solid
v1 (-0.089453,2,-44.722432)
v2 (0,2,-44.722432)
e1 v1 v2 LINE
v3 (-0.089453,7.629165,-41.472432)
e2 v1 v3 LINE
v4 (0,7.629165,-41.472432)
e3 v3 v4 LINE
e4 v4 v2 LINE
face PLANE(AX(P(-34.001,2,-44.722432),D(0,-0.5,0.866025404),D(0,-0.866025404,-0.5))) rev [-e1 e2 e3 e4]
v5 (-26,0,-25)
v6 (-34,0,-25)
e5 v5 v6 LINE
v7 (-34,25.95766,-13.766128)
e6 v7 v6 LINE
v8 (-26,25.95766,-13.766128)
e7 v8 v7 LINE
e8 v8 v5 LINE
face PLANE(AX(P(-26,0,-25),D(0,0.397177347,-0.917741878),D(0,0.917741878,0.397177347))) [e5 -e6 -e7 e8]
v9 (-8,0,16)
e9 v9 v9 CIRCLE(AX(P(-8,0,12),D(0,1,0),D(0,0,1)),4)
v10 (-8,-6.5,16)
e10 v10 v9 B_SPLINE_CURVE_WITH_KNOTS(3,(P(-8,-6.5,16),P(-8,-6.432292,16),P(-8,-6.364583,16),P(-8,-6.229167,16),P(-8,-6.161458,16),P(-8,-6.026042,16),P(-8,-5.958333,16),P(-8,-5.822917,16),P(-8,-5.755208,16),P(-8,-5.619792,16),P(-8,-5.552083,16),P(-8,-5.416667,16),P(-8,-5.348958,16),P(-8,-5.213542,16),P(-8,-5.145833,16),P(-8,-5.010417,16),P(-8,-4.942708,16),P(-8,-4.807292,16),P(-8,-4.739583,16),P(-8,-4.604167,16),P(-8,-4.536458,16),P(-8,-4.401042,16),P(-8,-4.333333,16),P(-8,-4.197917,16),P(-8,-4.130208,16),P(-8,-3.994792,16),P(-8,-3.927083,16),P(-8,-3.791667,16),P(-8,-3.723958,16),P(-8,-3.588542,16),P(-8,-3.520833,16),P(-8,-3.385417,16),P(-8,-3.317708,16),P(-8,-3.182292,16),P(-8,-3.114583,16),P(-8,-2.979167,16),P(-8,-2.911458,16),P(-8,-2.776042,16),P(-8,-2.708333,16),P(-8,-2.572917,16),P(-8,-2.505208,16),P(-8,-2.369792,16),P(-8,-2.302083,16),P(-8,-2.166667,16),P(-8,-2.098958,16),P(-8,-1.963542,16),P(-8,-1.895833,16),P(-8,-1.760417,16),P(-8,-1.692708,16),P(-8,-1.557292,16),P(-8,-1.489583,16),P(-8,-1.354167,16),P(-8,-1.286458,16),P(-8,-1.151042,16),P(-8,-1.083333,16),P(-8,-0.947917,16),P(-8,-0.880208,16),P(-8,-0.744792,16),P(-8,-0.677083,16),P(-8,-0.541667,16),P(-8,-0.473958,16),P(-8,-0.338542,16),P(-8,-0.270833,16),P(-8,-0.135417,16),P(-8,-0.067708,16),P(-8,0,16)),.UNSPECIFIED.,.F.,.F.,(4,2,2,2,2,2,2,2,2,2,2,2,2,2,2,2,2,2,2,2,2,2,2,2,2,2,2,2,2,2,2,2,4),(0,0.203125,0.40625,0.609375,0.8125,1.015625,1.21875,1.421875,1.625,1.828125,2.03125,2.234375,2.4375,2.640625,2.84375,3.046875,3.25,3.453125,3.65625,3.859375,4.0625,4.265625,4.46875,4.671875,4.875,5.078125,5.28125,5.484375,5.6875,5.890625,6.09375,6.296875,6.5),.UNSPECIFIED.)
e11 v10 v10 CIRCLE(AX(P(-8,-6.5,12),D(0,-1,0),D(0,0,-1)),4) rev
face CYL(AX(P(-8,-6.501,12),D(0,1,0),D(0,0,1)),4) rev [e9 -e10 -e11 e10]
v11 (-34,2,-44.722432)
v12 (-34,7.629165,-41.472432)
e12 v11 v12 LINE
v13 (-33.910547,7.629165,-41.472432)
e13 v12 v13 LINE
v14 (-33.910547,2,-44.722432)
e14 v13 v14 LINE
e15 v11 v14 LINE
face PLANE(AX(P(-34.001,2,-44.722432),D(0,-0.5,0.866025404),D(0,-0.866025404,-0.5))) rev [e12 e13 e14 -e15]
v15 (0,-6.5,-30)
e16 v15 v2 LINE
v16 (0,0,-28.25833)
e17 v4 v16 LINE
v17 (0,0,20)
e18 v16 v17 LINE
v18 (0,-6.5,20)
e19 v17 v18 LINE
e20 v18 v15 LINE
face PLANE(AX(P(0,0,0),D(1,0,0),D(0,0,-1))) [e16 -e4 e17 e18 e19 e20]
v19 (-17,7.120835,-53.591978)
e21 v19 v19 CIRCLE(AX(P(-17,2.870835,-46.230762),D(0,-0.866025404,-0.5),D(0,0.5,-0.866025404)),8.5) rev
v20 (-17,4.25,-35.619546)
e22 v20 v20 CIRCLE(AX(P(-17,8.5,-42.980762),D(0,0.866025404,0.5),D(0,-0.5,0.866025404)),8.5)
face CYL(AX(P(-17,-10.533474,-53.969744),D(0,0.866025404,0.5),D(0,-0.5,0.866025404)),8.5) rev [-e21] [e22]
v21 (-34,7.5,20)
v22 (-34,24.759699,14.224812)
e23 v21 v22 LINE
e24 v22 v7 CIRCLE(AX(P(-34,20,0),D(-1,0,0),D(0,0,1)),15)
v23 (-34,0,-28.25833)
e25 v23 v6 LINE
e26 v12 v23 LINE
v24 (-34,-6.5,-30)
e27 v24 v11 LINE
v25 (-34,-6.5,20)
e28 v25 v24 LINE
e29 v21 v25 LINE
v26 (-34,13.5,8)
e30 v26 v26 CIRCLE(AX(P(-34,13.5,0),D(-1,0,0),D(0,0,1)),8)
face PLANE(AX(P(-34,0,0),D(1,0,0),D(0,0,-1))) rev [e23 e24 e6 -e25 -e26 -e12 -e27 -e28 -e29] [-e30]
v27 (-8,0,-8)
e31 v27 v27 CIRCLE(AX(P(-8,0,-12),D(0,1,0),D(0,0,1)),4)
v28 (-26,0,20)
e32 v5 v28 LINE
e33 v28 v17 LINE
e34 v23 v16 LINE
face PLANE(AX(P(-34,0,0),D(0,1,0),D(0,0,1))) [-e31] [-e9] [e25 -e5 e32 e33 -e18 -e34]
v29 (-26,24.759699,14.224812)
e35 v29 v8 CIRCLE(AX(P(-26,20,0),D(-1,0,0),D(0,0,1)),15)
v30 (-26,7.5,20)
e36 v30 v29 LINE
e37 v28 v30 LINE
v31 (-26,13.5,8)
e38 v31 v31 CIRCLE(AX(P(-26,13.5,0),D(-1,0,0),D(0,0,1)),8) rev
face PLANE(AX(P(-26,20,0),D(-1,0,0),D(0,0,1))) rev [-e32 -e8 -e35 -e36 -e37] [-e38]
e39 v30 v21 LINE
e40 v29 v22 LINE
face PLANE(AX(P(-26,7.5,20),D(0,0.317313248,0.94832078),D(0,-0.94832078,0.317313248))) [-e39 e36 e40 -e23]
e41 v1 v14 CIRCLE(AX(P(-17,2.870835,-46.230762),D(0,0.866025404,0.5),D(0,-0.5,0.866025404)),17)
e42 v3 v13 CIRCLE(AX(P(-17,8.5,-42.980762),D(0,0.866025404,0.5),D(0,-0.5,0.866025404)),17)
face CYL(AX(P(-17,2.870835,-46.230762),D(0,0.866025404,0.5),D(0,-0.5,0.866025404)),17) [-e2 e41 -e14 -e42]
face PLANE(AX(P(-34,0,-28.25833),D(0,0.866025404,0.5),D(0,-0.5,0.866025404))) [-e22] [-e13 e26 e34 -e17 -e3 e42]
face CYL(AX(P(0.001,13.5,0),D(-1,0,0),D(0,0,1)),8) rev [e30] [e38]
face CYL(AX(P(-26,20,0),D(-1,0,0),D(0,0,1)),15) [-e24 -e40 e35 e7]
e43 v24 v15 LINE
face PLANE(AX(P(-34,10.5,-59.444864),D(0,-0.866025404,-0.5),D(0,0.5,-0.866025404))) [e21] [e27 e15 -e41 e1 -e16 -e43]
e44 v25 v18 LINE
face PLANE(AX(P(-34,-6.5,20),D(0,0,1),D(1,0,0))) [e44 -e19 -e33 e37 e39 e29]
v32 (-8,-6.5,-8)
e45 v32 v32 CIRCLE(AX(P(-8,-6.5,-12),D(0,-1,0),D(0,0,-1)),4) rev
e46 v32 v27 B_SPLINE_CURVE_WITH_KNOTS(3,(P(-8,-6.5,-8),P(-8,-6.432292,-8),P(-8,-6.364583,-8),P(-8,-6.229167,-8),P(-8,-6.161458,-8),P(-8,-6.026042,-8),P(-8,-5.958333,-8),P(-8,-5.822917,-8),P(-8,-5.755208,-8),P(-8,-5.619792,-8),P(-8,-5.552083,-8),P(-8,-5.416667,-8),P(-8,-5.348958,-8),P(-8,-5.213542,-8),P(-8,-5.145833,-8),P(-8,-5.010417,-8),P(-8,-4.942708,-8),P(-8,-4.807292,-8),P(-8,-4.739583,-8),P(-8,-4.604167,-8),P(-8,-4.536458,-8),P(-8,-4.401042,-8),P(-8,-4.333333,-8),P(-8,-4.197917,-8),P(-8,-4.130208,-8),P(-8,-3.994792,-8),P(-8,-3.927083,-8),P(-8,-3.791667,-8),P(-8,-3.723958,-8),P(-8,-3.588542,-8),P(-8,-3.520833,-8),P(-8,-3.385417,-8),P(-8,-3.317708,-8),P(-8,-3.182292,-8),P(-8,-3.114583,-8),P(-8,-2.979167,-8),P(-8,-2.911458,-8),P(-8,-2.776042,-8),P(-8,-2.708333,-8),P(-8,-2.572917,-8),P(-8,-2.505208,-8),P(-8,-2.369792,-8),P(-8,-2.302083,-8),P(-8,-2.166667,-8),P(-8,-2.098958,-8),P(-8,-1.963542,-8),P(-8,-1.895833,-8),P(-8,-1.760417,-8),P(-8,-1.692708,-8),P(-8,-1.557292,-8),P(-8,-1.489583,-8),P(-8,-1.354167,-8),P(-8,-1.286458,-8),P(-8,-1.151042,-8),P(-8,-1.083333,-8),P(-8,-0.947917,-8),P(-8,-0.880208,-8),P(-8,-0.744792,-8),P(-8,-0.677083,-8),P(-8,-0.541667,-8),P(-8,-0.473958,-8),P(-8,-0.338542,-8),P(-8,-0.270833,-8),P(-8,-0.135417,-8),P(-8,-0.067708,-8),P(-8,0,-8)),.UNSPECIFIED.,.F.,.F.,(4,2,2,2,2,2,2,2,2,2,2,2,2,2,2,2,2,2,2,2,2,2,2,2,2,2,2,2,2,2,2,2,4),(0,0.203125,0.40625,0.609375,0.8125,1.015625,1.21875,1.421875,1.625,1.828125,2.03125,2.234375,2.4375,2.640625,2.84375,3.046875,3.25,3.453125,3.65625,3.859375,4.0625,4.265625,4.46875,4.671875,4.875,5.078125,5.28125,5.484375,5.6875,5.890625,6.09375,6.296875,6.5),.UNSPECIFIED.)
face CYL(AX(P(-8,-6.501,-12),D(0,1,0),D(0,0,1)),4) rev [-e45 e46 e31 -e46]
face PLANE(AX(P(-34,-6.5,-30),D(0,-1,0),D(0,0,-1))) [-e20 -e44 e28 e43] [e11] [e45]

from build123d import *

# Parameters (mm, degrees)
EXTRUDE_1_DEPTH     = 34
CUT_EXTRUDE_1_REACH = 72.355
SKETCH_2_R          = 4
EXTRUDE_2_DEPTH     = 8
CUT_EXTRUDE_2_REACH = 78.907
SKETCH_4_R          = 8
CUT_EXTRUDE_3_REACH = 80.3
SKETCH_6_R          = 8.5
CUT_EXTRUDE_4_REACH = 78.907
SKETCH_9_R          = 17
EXTRUDE_5_DEPTH     = 6.5
CUT_EXTRUDE_6_REACH = 81.317
SKETCH_13_R         = 8.5


with BuildPart() as part:
    # 草图1 → 凸台-拉伸1 (new body)
    with BuildSketch(Plane(origin=(0, 0, 0), x_dir=(0, 0, -1), z_dir=(1, 0, 0))):
        Polygon((0, 0), (28.258330249, 0), (56.194863729, 16.129165125), (59.444863729, 10.5), (30, -6.5), (-20, -6.5), (-20, 0), align=None)
    extrude(amount=-EXTRUDE_1_DEPTH)

    # 草图2 → 切除-拉伸1 (cut, up to next)
    with BuildSketch(Plane(origin=(0, 0, 0), x_dir=(1, 0, 0), z_dir=(0, 1, 0)), mode=Mode.PRIVATE) as cut_extrude_1_sk1:
        with Locations(Location((-8, -12, 0), (0, 0, 270))):
            Circle(SKETCH_2_R)
    cut_extrude_1_tool1 = extrude(cut_extrude_1_sk1.sketch, amount=-CUT_EXTRUDE_1_REACH, mode=Mode.PRIVATE) & part.part
    # 草图2 → 切除-拉伸1 (cut, up to next)
    with BuildSketch(Plane(origin=(0, 0, 0), x_dir=(1, 0, 0), z_dir=(0, 1, 0)), mode=Mode.PRIVATE) as cut_extrude_1_sk2:
        with Locations(Location((-8, 12, 0), (0, 0, 270))):
            Circle(SKETCH_2_R)
    cut_extrude_1_tool2 = extrude(cut_extrude_1_sk2.sketch, amount=-CUT_EXTRUDE_1_REACH, mode=Mode.PRIVATE) & part.part
    add(cut_extrude_1_tool1.solids().sort_by_distance((-8, 0, 12))[0], mode=Mode.SUBTRACT)
    add(cut_extrude_1_tool2.solids().sort_by_distance((-8, 0, -12))[0], mode=Mode.SUBTRACT)

    # 草图3 → 凸台-拉伸2 (add)
    with BuildSketch(Plane.ZY.offset(34)):
        with BuildLine():
            Line((-25, 0), (-13.76612817, 25.957660212))
            ThreePointArc((-13.76612817, 25.957660212), (0.641385669, 34.986281207), (14.224811704, 24.759698727))
            Line((14.224811704, 24.759698727), (20, 7.5))
            Line((20, 7.5), (20, 0))
            Line((20, 0), (-25, 0))
        make_face()
    extrude(amount=-EXTRUDE_2_DEPTH)

    # 草图4 → 切除-拉伸2 (cut, up to next)
    with BuildSketch(Plane.ZY.offset(34), mode=Mode.PRIVATE) as cut_extrude_2_sk1:
        with Locations((0, 13.5)):
            Circle(SKETCH_4_R)
    cut_extrude_2_tool1 = extrude(cut_extrude_2_sk1.sketch, amount=-CUT_EXTRUDE_2_REACH, mode=Mode.PRIVATE) & part.part
    add(cut_extrude_2_tool1.solids().sort_by_distance((-34, 13.5, 0))[0], mode=Mode.SUBTRACT)

    # 草图6 → 切除-拉伸3 (cut, up to next)
    with BuildSketch(Plane(origin=(0, -12.236215932, -7.064582562), x_dir=(1, 0, 0), z_dir=(0, 0.8660254037844378, 0.5000000000000017)), mode=Mode.PRIVATE) as cut_extrude_3_sk1:
        with Locations(Location((-17, 41.472431864, 0), (0, 0, 270))):
            Circle(SKETCH_6_R)
    cut_extrude_3_tool1 = extrude(cut_extrude_3_sk1.sketch, amount=-CUT_EXTRUDE_3_REACH, mode=Mode.PRIVATE) & part.part
    add(cut_extrude_3_tool1.solids().sort_by_distance((-17, 8.5, -42.980762))[0], mode=Mode.SUBTRACT)

    # 草图8 → 切除-拉伸4 (cut, up to next)
    with BuildSketch(Plane(origin=(0, 0, 0), x_dir=(0, 0, -1), z_dir=(1, 0, 0)), mode=Mode.PRIVATE) as cut_extrude_4_sk1:
        Polygon((44.722431864, 2), (41.472431864, 7.629165125), (56.194863729, 16.129165125), (59.444863729, 10.5), align=None)
    cut_extrude_4_tool1 = extrude(cut_extrude_4_sk1.sketch, amount=-CUT_EXTRUDE_4_REACH, mode=Mode.PRIVATE) & part.part
    add(cut_extrude_4_tool1.solids().sort_by_distance((0, 9.064583, -50.458648))[0], mode=Mode.SUBTRACT)

    # 草图9 → 凸台-拉伸5 (add)
    with BuildSketch(Plane(origin=(0, -12.236215932, -7.064582562), x_dir=(1, 0, 0), z_dir=(0, 0.8660254037844378, 0.5000000000000017))):
        with Locations((-17, 41.472431864)):
            Circle(SKETCH_9_R)
    extrude(amount=-EXTRUDE_5_DEPTH)

    # 草图13 → 切除-拉伸6 (cut, up to next)
    with BuildSketch(Plane(origin=(0, -12.236215932, -7.064582562), x_dir=(1, 0, 0), z_dir=(0, 0.8660254037844378, 0.5000000000000017)), mode=Mode.PRIVATE) as cut_extrude_6_sk1:
        with Locations(Location((-17, 41.472431864, 0), (0, 0, 270))):
            Circle(SKETCH_13_R)
    cut_extrude_6_tool1 = extrude(cut_extrude_6_sk1.sketch, amount=-CUT_EXTRUDE_6_REACH, mode=Mode.PRIVATE) & part.part
    add(cut_extrude_6_tool1.solids().sort_by_distance((-17, 8.5, -42.980762))[0], mode=Mode.SUBTRACT)


solid = part.part
